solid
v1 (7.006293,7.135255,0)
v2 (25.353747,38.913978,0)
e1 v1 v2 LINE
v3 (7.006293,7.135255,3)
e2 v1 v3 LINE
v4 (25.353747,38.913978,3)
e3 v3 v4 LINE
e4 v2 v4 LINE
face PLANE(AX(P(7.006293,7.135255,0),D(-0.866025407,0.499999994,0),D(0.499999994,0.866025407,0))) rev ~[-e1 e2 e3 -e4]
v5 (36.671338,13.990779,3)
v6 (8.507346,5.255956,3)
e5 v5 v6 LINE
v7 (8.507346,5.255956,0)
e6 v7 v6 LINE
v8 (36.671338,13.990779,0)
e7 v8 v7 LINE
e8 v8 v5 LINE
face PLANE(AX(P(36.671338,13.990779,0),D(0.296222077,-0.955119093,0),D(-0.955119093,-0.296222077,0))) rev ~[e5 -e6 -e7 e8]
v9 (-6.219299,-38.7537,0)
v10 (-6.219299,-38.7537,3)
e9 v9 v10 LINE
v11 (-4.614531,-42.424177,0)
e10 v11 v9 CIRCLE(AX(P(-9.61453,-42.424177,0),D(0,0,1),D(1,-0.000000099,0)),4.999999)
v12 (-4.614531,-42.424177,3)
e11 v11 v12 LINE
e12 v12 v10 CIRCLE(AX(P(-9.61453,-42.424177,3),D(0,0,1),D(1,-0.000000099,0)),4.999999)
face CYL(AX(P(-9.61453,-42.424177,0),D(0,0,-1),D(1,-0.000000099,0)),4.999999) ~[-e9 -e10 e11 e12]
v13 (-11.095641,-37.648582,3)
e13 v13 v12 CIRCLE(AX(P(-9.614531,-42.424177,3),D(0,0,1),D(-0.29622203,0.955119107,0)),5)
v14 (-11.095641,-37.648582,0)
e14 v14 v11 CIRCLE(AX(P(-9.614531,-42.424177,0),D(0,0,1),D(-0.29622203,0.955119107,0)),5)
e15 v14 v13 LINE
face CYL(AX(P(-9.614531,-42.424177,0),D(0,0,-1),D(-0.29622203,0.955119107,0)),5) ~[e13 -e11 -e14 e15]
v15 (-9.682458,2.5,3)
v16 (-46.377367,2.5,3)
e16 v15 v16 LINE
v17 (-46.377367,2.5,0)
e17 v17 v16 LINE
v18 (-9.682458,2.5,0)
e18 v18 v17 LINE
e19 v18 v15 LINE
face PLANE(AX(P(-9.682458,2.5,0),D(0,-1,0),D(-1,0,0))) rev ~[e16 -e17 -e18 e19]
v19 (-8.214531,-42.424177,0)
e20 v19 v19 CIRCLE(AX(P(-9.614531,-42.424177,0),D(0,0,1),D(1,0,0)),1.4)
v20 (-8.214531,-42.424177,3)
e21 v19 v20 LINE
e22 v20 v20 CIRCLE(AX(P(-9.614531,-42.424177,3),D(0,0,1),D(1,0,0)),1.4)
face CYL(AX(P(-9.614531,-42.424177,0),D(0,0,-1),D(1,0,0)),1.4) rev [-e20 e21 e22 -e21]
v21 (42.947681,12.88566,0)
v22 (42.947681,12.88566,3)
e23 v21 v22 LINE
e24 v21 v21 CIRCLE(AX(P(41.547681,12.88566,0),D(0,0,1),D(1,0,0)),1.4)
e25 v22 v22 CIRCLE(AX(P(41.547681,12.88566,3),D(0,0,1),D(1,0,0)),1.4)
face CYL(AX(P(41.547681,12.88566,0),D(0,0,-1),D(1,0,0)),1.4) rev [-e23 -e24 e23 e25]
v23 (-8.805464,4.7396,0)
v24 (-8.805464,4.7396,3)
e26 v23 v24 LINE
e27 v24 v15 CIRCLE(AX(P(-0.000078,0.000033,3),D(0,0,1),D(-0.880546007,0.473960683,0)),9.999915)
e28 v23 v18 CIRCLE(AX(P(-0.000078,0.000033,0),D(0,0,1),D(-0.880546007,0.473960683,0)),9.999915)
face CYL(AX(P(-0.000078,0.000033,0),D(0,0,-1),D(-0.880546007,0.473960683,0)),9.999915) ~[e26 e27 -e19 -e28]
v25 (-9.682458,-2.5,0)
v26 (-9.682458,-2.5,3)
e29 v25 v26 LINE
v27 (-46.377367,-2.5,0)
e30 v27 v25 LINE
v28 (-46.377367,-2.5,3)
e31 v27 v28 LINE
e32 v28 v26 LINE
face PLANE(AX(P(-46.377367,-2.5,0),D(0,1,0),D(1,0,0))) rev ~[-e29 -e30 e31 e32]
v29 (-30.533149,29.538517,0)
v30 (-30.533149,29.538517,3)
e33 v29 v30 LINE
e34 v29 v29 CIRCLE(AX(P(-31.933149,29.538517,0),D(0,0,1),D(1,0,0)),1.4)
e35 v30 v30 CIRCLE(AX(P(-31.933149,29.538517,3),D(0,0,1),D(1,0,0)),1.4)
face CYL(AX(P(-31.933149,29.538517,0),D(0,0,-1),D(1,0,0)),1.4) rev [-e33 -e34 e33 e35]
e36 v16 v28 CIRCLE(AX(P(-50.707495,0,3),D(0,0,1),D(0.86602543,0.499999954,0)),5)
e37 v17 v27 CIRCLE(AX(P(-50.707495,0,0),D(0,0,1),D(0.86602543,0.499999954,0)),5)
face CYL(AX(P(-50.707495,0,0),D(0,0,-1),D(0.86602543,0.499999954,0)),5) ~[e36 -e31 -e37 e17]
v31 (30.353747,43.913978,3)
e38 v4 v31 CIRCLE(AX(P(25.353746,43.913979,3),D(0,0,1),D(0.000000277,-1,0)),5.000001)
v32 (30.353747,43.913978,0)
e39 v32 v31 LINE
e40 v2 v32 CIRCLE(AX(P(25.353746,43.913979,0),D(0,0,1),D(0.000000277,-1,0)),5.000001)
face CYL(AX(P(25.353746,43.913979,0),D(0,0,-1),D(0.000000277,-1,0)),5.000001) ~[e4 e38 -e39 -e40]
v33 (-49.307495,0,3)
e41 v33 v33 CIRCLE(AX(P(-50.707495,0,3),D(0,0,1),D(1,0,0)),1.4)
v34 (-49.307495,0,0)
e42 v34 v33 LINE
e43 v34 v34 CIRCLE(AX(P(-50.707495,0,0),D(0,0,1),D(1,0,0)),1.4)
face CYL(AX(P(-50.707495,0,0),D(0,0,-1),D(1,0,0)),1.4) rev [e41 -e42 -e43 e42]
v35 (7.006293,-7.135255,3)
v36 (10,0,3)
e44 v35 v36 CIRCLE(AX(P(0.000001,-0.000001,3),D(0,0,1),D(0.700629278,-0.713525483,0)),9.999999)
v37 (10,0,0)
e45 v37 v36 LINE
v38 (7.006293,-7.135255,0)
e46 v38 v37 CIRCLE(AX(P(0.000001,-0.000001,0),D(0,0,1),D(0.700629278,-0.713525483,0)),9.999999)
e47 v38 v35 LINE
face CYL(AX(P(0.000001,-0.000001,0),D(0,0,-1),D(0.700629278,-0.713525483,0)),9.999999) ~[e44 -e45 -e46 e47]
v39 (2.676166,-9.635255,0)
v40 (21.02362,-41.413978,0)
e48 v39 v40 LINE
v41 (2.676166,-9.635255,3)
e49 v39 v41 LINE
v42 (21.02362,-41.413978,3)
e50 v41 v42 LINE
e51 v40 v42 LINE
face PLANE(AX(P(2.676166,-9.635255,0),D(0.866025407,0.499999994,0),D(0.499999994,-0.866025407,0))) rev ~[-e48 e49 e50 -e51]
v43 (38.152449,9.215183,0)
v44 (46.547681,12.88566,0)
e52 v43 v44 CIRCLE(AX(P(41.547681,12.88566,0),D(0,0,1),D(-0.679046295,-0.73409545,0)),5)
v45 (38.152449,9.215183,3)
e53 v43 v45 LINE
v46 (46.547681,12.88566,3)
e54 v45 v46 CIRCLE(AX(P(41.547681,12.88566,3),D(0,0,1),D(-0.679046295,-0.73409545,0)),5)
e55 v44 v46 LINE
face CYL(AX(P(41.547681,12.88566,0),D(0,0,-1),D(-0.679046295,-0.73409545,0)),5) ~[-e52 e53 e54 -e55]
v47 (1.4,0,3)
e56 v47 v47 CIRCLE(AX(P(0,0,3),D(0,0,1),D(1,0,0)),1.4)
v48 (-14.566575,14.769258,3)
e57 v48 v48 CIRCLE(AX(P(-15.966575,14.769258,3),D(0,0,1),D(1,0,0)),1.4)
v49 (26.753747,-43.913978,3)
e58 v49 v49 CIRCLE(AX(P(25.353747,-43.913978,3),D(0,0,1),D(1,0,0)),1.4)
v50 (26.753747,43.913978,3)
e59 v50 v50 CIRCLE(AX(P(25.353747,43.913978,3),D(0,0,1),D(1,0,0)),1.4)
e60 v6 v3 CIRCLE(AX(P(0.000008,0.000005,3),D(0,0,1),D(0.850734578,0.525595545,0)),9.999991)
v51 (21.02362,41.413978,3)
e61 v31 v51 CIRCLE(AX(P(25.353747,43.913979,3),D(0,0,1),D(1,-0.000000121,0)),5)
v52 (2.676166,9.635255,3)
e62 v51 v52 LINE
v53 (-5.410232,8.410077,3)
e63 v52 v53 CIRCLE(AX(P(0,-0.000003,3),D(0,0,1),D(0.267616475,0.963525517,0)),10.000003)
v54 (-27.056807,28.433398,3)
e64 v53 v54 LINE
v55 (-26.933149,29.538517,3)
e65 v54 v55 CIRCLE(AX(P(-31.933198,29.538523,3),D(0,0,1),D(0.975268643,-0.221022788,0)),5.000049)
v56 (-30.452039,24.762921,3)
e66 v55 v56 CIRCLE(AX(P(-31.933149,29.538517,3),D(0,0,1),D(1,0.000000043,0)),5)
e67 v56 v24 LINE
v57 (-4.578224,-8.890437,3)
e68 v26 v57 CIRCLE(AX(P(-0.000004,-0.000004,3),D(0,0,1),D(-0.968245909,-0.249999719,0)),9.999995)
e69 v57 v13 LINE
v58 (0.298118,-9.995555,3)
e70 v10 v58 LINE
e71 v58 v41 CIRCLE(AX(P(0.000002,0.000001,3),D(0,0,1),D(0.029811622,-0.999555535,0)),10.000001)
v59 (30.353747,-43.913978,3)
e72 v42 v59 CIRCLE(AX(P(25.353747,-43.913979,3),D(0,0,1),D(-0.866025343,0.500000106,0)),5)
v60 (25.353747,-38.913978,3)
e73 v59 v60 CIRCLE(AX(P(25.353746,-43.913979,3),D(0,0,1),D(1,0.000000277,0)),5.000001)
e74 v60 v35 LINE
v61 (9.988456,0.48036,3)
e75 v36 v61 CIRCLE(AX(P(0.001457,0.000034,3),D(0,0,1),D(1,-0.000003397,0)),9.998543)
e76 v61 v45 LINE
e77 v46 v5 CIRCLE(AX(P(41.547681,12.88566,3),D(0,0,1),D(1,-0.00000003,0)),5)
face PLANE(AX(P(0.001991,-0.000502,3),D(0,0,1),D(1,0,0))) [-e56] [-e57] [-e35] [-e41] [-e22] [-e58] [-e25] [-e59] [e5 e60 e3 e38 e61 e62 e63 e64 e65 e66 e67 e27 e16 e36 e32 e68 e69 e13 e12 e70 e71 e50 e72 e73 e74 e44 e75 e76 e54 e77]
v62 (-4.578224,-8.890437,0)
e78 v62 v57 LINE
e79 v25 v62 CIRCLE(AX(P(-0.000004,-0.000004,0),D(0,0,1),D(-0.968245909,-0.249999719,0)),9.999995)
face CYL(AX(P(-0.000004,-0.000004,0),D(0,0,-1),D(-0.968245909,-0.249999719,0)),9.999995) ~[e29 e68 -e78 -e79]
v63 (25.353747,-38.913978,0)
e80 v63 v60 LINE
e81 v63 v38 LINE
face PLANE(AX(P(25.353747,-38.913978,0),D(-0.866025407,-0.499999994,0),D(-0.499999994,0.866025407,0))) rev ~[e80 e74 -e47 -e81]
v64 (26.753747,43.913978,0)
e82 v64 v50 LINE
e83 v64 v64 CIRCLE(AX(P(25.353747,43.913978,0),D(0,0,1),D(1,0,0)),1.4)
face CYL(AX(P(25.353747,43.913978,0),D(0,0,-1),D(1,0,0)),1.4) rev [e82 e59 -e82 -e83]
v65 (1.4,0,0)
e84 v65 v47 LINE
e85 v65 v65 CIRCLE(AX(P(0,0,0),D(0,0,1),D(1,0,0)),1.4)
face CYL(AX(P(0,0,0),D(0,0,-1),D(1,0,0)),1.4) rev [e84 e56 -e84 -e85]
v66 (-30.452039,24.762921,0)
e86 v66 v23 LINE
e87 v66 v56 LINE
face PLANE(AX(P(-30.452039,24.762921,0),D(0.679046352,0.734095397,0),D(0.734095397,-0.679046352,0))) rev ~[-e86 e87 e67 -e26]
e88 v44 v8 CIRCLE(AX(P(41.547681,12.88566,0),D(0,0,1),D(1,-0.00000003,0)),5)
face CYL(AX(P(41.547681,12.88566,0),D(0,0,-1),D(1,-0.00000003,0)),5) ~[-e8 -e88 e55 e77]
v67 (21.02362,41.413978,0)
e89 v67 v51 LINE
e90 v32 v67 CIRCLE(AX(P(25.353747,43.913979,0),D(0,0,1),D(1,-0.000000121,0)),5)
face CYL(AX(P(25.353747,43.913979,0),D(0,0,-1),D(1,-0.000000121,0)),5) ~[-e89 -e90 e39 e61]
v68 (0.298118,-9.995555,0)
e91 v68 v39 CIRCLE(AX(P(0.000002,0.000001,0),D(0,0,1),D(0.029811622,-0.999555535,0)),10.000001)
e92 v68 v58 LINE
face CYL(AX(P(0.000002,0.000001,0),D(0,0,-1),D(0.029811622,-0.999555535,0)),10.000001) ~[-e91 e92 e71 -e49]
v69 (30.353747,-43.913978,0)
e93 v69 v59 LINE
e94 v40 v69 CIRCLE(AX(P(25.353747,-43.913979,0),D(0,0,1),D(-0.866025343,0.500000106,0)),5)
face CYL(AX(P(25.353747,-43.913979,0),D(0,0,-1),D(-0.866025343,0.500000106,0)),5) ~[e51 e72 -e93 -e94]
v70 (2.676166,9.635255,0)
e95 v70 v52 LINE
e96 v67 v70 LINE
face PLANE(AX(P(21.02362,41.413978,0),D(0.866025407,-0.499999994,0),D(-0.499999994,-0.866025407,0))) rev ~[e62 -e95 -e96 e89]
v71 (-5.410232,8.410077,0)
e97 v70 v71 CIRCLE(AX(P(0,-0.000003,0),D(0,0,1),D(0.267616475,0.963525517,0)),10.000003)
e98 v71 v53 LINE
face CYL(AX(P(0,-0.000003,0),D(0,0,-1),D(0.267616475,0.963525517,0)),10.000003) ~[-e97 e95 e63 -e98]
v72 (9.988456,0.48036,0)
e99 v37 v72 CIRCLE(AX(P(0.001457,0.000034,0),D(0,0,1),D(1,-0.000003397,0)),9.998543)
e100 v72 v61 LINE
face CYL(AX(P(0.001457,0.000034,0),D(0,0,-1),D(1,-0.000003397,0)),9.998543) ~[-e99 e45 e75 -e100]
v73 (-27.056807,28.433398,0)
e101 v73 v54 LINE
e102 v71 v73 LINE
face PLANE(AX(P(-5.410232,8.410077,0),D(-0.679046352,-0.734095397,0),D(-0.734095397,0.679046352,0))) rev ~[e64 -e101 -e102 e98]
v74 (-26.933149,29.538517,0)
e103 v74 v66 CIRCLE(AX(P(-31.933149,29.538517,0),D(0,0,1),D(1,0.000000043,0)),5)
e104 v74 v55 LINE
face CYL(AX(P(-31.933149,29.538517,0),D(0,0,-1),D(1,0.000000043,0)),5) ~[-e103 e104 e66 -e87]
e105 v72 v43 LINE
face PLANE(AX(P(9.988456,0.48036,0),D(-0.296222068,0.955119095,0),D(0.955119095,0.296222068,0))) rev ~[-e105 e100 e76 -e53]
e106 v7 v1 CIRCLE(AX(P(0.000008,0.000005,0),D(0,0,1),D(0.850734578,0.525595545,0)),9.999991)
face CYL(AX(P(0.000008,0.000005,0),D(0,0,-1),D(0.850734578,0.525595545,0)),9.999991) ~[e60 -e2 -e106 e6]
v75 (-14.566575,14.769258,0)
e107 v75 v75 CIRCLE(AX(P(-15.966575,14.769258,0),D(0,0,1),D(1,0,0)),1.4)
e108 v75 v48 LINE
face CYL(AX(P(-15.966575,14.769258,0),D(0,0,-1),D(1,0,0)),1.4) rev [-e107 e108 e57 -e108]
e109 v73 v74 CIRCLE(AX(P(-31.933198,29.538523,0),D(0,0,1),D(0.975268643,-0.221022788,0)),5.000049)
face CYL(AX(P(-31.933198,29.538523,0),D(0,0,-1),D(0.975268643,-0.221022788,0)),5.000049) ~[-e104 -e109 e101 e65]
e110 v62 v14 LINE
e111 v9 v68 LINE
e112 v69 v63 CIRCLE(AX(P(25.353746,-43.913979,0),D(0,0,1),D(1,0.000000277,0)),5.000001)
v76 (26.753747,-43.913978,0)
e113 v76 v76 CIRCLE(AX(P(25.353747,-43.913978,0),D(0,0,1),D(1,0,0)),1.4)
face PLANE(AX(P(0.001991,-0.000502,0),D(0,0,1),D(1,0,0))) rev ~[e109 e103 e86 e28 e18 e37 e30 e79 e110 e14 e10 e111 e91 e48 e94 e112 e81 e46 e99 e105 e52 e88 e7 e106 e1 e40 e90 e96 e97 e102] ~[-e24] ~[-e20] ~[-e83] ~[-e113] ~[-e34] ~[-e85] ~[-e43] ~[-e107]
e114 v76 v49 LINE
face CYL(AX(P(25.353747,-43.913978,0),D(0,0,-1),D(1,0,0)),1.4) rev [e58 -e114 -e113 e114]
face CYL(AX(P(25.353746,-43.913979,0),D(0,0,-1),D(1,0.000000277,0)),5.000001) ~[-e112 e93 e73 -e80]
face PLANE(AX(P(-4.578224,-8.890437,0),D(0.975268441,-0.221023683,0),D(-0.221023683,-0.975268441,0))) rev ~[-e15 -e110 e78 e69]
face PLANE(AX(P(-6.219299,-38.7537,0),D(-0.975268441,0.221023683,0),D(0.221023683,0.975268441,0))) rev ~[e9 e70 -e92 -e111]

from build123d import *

# Parameters (mm, degrees)
F0_R     = 1.4
F1_DEPTH = 3


with BuildPart() as f1:
    # F0 (on Top) → F1 (new body)
    with BuildSketch(Plane.XY):
        with BuildLine():
            ThreePointArc((7.006293, -7.135255), (9.221251, -3.868919), (10, 0))
            ThreePointArc((10, 0), (9.997114, 0.240249), (9.988456, 0.48036))
            ThreePointArc((9.988456, 0.48036), (9.551191, 2.962221), (8.507346, 5.255956))
            ThreePointArc((8.507346, 5.255956), (7.813526, 6.240899), (7.006293, 7.135255))
            ThreePointArc((7.006293, 7.135255), (5, 8.660254), (2.676166, 9.635255))
            ThreePointArc((2.676166, 9.635255), (-1.498014, 9.887161), (-5.410232, 8.410077))
            ThreePointArc((-5.410232, 8.410077), (-7.340954, 6.790464), (-8.805464, 4.7396))
            ThreePointArc((-8.805464, 4.7396), (-9.31154, 3.646263), (-9.682458, 2.5))
            ThreePointArc((-9.682458, 2.5), (-10, 0), (-9.682458, -2.5))
            ThreePointArc((-9.682458, -2.5), (-7.813526, -6.240899), (-4.578224, -8.890437))
            ThreePointArc((-4.578224, -8.890437), (-2.210237, -9.752684), (0.298118, -9.995555))
            ThreePointArc((0.298118, -9.995555), (1.498014, -9.887161), (2.676166, -9.635255))
            ThreePointArc((2.676166, -9.635255), (5, -8.660254), (7.006293, -7.135255))
        make_face()
        Circle(F0_R, mode=Mode.SUBTRACT)
        with BuildLine():
            ThreePointArc((8.507346, 5.255956), (9.551191, 2.962221), (9.988456, 0.48036))
            Line((9.988456, 0.48036), (38.152449, 9.215183))
            ThreePointArc((38.152449, 9.215183), (36.772085, 11.40455), (36.671338, 13.990779))
            Line((36.671338, 13.990779), (8.507346, 5.255956))
        make_face()
        with BuildLine():
            Line((25.353747, -38.913978), (7.006293, -7.135255))
            ThreePointArc((7.006293, -7.135255), (5, -8.660254), (2.676166, -9.635255))
            Line((2.676166, -9.635255), (21.02362, -41.413978))
            ThreePointArc((21.02362, -41.413978), (22.853747, -39.583851), (25.353747, -38.913978))
        make_face()
        with BuildLine():
            ThreePointArc((36.671338, 13.990779), (36.772085, 11.40455), (38.152449, 9.215183))
            ThreePointArc((38.152449, 9.215183), (43.550658, 8.304385), (46.547681, 12.88566))
            ThreePointArc((46.547681, 12.88566), (42.103688, 17.85465), (36.671338, 13.990779))
        make_face()
        with Locations((41.547681, 12.88566)):
            Circle(F0_R, mode=Mode.SUBTRACT)
        with BuildLine():
            ThreePointArc((30.353747, -43.913978), (28.889281, -40.378445), (25.353747, -38.913978))
            ThreePointArc((25.353747, -38.913978), (22.853747, -39.583851), (21.02362, -41.413978))
            ThreePointArc((21.02362, -41.413978), (24.059652, -48.743608), (30.353747, -43.913978))
        make_face()
        with Locations((25.353747, -43.913978)):
            Circle(F0_R, mode=Mode.SUBTRACT)
        with BuildLine():
            ThreePointArc((2.676166, 9.635255), (5, 8.660254), (7.006293, 7.135255))
            Line((7.006293, 7.135255), (25.353747, 38.913978))
            ThreePointArc((25.353747, 38.913978), (22.853747, 39.583851), (21.02362, 41.413978))
            Line((21.02362, 41.413978), (2.676166, 9.635255))
        make_face()
        with BuildLine():
            Line((-6.219299, -38.7537), (0.298118, -9.995555))
            ThreePointArc((0.298118, -9.995555), (-2.210237, -9.752684), (-4.578224, -8.890437))
            Line((-4.578224, -8.890437), (-11.095641, -37.648582))
            ThreePointArc((-11.095641, -37.648582), (-8.509413, -37.547835), (-6.219299, -38.7537))
        make_face()
        with BuildLine():
            ThreePointArc((21.02362, 41.413978), (22.853747, 39.583851), (25.353747, 38.913978))
            ThreePointArc((25.353747, 38.913978), (28.889281, 40.378445), (30.353747, 43.913978))
            ThreePointArc((30.353747, 43.913978), (24.059652, 48.743608), (21.02362, 41.413978))
        make_face()
        with Locations((25.353747, 43.913978)):
            Circle(F0_R, mode=Mode.SUBTRACT)
        with BuildLine():
            ThreePointArc((-4.614531, -42.424177), (-5.033256, -40.421199), (-6.219299, -38.7537))
            ThreePointArc((-6.219299, -38.7537), (-8.509413, -37.547835), (-11.095641, -37.648582))
            ThreePointArc((-11.095641, -37.648582), (-12.580543, -46.449444), (-4.614531, -42.424177))
        make_face()
        with Locations((-9.614531, -42.424177)):
            Circle(F0_R, mode=Mode.SUBTRACT)
        with BuildLine():
            ThreePointArc((-8.805464, 4.7396), (-7.340954, 6.790464), (-5.410232, 8.410077))
            Line((-5.410232, 8.410077), (-27.056807, 28.433398))
            ThreePointArc((-27.056807, 28.433398), (-28.262672, 26.143285), (-30.452039, 24.762921))
            Line((-30.452039, 24.762921), (-8.805464, 4.7396))
        make_face()
        with Locations((-15.966575, 14.769258)):
            Circle(F0_R, mode=Mode.SUBTRACT)
        with BuildLine():
            Line((-46.377367, -2.5), (-9.682458, -2.5))
            ThreePointArc((-9.682458, -2.5), (-10, 0), (-9.682458, 2.5))
            Line((-9.682458, 2.5), (-46.377367, 2.5))
            ThreePointArc((-46.377367, 2.5), (-45.877865, 1.294095), (-45.707495, 0))
            ThreePointArc((-45.707495, 0), (-45.877865, -1.294095), (-46.377367, -2.5))
        make_face()
        with BuildLine():
            ThreePointArc((-30.452039, 24.762921), (-28.262672, 26.143285), (-27.056807, 28.433398))
            ThreePointArc((-27.056807, 28.433398), (-26.96416, 28.982509), (-26.933149, 29.538517))
            ThreePointArc((-26.933149, 29.538517), (-35.958417, 32.504528), (-30.452039, 24.762921))
        make_face()
        with Locations((-31.933149, 29.538517)):
            Circle(F0_R, mode=Mode.SUBTRACT)
        with BuildLine():
            ThreePointArc((-46.377367, 2.5), (-55.707495, 0), (-46.377367, -2.5))
            ThreePointArc((-46.377367, -2.5), (-45.877865, -1.294095), (-45.707495, 0))
            ThreePointArc((-45.707495, 0), (-45.877865, 1.294095), (-46.377367, 2.5))
        make_face()
        with Locations((-50.707495, 0)):
            Circle(F0_R, mode=Mode.SUBTRACT)
    extrude(amount=F1_DEPTH)


solid = f1.part
